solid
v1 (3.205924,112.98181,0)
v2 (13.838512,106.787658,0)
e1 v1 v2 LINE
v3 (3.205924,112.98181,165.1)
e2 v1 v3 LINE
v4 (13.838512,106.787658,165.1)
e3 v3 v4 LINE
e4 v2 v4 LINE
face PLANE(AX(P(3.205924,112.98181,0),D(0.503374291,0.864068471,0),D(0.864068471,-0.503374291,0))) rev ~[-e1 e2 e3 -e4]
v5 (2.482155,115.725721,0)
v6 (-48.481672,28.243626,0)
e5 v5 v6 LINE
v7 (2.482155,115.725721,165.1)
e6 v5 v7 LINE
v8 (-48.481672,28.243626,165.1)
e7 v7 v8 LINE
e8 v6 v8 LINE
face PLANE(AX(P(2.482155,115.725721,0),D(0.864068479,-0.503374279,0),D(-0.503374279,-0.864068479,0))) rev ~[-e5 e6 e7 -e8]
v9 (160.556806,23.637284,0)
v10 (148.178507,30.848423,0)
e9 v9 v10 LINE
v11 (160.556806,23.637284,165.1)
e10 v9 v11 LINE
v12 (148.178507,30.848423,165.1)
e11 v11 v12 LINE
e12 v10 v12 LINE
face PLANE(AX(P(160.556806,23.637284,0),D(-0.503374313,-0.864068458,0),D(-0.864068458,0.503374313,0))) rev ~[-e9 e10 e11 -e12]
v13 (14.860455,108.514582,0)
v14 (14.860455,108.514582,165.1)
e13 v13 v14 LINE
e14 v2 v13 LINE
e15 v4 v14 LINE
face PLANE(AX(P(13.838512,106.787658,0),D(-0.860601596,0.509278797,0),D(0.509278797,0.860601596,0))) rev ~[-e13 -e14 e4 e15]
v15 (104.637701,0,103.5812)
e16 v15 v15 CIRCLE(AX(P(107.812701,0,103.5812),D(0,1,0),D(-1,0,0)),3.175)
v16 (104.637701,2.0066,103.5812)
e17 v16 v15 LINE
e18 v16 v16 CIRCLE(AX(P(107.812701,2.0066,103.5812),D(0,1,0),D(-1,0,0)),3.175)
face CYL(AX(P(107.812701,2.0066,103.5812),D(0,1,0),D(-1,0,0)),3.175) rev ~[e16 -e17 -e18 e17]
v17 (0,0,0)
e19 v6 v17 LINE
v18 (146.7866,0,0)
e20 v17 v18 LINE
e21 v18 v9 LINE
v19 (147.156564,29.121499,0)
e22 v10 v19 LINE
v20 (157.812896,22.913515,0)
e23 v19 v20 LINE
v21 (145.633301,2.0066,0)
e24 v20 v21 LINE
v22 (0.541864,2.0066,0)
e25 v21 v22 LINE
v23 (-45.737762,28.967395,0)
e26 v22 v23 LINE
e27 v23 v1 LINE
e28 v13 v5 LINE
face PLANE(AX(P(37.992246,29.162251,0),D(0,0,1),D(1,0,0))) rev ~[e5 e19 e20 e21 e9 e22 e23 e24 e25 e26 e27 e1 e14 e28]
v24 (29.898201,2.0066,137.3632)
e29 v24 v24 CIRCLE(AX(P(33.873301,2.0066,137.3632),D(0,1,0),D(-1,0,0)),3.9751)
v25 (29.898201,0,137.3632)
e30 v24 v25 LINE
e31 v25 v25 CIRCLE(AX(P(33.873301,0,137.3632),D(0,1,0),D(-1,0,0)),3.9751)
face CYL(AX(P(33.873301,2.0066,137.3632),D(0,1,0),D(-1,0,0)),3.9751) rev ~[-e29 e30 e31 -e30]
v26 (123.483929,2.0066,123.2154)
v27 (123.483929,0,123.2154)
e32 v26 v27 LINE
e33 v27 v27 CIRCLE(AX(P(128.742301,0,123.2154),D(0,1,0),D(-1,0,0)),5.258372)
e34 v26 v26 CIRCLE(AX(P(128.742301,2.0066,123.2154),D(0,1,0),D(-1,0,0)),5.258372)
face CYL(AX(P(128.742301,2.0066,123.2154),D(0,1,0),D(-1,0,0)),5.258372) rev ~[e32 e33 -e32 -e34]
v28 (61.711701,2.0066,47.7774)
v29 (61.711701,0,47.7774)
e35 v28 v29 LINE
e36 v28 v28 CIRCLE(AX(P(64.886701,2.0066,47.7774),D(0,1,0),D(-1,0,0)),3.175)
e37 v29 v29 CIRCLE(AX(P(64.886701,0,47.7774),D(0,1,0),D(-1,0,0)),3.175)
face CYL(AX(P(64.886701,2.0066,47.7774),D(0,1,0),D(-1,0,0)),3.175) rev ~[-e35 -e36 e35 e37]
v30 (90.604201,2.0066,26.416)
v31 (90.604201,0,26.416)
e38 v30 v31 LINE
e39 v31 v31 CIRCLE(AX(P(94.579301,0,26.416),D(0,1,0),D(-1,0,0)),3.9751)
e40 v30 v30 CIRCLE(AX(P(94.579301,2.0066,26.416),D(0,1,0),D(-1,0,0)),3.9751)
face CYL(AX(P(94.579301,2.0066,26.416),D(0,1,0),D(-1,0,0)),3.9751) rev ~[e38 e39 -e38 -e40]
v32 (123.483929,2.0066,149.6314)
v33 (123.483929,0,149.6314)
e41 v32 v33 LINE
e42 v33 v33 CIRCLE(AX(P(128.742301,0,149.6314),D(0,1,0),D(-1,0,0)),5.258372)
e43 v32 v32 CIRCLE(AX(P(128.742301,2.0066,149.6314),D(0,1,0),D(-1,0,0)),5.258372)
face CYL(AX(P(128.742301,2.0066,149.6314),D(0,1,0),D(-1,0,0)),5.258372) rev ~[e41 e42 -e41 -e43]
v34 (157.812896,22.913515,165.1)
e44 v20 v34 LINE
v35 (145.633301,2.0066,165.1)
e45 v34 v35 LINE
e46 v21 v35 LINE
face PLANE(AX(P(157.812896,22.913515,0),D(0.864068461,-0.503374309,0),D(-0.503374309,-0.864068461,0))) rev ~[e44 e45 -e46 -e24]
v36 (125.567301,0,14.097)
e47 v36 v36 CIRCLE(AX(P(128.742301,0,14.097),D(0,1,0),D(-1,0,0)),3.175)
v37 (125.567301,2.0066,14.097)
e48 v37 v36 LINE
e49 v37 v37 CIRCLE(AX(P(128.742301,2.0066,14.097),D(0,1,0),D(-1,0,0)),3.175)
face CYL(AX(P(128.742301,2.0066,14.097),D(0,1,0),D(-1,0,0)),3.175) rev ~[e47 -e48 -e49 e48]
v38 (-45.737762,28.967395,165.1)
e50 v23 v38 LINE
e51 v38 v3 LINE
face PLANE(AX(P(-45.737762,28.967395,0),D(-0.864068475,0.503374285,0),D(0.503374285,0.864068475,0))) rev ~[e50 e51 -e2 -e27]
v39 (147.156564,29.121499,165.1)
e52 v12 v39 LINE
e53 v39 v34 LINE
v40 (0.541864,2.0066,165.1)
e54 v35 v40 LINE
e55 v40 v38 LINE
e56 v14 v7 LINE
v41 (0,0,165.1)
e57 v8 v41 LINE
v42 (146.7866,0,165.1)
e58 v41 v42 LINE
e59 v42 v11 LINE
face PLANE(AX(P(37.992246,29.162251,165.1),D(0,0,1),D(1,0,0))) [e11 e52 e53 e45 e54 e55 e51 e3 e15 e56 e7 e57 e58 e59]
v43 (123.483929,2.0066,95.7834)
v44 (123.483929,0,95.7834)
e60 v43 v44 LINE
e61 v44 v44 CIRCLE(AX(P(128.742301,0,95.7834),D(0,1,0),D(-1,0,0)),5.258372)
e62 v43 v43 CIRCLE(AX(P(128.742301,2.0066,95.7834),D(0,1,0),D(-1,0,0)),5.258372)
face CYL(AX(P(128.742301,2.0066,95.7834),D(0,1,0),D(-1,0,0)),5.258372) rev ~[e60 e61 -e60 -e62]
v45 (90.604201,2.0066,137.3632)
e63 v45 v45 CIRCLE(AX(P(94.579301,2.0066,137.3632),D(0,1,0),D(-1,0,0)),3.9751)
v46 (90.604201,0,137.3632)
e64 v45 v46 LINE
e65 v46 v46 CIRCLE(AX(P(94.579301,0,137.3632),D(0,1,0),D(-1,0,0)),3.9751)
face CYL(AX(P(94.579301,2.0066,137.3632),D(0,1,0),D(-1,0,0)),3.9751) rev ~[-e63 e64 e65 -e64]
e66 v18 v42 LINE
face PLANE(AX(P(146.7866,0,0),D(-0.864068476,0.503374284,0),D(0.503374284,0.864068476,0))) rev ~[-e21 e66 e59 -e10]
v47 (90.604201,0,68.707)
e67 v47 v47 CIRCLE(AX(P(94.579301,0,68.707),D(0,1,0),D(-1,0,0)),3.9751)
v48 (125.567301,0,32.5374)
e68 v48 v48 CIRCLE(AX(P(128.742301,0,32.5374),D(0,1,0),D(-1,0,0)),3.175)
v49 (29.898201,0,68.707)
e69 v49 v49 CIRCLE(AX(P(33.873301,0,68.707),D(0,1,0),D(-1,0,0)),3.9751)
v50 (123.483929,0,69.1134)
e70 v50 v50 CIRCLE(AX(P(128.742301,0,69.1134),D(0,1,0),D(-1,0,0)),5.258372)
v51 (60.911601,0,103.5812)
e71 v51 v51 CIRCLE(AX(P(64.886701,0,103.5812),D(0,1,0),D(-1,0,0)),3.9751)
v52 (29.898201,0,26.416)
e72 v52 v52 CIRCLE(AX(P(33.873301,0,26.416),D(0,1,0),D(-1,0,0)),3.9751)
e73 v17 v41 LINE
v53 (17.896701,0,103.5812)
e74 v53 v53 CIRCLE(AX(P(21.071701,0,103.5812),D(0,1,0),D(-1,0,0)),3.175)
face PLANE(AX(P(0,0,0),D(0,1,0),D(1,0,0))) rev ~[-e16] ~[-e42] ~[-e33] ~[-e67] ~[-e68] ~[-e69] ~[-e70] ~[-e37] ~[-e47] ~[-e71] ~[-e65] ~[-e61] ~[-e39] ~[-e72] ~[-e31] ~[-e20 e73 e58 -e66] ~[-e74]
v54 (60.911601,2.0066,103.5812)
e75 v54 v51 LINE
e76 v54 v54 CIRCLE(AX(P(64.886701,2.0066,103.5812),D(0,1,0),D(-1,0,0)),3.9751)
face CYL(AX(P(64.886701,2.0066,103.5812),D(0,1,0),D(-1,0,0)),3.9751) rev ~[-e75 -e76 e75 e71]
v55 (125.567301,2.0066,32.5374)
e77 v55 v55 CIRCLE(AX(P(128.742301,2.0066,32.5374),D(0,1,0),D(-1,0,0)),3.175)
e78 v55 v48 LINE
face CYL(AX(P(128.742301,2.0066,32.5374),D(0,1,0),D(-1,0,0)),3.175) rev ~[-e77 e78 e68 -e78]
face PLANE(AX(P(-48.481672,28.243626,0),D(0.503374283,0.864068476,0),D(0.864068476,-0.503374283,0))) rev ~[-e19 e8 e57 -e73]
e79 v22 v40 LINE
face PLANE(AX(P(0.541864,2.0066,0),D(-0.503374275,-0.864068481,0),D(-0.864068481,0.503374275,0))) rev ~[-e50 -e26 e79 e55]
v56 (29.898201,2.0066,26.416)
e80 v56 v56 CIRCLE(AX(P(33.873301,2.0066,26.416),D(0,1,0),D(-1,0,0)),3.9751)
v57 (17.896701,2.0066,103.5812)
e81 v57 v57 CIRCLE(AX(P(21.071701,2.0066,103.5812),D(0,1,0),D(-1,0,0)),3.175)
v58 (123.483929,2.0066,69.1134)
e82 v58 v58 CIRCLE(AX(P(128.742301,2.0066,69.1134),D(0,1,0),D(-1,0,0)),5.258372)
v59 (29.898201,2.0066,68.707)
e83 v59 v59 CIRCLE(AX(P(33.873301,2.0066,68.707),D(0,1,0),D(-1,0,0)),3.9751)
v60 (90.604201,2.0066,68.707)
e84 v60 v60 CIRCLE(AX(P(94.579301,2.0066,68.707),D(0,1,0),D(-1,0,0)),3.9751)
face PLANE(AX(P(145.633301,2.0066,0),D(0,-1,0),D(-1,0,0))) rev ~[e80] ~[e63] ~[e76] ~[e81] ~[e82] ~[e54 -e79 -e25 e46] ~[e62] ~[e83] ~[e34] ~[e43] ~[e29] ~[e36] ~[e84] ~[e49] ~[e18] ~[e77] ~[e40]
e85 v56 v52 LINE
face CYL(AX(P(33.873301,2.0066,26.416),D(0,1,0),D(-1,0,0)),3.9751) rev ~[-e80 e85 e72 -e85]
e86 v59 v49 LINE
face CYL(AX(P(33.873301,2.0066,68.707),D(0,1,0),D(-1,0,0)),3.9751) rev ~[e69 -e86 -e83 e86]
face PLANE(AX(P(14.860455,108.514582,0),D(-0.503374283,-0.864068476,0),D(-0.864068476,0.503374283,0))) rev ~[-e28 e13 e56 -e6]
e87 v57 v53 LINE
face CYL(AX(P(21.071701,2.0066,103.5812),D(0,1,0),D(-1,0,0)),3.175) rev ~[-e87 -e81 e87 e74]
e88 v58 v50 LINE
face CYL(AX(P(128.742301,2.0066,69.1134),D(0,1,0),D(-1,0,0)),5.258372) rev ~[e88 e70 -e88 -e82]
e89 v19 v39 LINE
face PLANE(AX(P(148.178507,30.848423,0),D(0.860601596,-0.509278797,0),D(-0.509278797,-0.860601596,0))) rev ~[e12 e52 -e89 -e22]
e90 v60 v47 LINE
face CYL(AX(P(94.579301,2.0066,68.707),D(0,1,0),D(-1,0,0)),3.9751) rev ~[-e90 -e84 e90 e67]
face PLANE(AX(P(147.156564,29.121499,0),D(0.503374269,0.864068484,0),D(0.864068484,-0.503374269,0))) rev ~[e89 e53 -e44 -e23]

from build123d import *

# Parameters (mm, degrees)
F1_DEPTH = 165.1
F2_R     = 3.175
F2_R_2   = 5.258372
F2_R_3   = 3.9751
F3_DEPTH = 2.0066


with BuildPart() as f1:
    # F0 (on Top) → F1 (new body)
    with BuildSketch(Plane.XY):
        Polygon((-48.481672, 28.243626), (0, 0), (146.7866, 0), (160.556806, 23.637284), (148.178507, 30.848423), (147.156564, 29.121499), (157.812896, 22.913515), (145.633301, 2.0066), (0.541864, 2.0066), (-45.737762, 28.967395), (3.205924, 112.98181), (13.838512, 106.787658), (14.860455, 108.514582), (2.482155, 115.725721), align=None)
    extrude(amount=F1_DEPTH)

    # F2 (on face) → F3 (cut, through all)
    with BuildSketch(Plane(origin=(0, 2.0066, 0), x_dir=(-1, 0, 0), z_dir=(0, 1, 0))):
        with Locations((-128.742301, 14.097)):
            Circle(F2_R)
        with Locations((-128.742301, 32.5374)):
            Circle(F2_R)
        with Locations((-128.742301, 69.1134)):
            Circle(F2_R_2)
        with Locations((-128.742301, 95.7834)):
            Circle(F2_R_2)
        with Locations((-128.742301, 123.2154)):
            Circle(F2_R_2)
        with Locations((-128.742301, 149.6314)):
            Circle(F2_R_2)
        with Locations((-107.812701, 103.5812)):
            Circle(F2_R)
        with Locations((-94.579301, 26.416)):
            Circle(F2_R_3)
        with Locations((-94.579301, 68.707)):
            Circle(F2_R_3)
        with Locations((-94.579301, 137.3632)):
            Circle(F2_R_3)
        with Locations((-64.886701, 47.7774)):
            Circle(F2_R)
        with Locations((-64.886701, 103.5812)):
            Circle(F2_R_3)
        with Locations((-33.873301, 26.416)):
            Circle(F2_R_3)
        with Locations((-33.873301, 68.707)):
            Circle(F2_R_3)
        with Locations((-33.873301, 137.3632)):
            Circle(F2_R_3)
        with Locations((-21.071701, 103.5812)):
            Circle(F2_R)
    extrude(amount=-F3_DEPTH, mode=Mode.SUBTRACT)


solid = f1.part
